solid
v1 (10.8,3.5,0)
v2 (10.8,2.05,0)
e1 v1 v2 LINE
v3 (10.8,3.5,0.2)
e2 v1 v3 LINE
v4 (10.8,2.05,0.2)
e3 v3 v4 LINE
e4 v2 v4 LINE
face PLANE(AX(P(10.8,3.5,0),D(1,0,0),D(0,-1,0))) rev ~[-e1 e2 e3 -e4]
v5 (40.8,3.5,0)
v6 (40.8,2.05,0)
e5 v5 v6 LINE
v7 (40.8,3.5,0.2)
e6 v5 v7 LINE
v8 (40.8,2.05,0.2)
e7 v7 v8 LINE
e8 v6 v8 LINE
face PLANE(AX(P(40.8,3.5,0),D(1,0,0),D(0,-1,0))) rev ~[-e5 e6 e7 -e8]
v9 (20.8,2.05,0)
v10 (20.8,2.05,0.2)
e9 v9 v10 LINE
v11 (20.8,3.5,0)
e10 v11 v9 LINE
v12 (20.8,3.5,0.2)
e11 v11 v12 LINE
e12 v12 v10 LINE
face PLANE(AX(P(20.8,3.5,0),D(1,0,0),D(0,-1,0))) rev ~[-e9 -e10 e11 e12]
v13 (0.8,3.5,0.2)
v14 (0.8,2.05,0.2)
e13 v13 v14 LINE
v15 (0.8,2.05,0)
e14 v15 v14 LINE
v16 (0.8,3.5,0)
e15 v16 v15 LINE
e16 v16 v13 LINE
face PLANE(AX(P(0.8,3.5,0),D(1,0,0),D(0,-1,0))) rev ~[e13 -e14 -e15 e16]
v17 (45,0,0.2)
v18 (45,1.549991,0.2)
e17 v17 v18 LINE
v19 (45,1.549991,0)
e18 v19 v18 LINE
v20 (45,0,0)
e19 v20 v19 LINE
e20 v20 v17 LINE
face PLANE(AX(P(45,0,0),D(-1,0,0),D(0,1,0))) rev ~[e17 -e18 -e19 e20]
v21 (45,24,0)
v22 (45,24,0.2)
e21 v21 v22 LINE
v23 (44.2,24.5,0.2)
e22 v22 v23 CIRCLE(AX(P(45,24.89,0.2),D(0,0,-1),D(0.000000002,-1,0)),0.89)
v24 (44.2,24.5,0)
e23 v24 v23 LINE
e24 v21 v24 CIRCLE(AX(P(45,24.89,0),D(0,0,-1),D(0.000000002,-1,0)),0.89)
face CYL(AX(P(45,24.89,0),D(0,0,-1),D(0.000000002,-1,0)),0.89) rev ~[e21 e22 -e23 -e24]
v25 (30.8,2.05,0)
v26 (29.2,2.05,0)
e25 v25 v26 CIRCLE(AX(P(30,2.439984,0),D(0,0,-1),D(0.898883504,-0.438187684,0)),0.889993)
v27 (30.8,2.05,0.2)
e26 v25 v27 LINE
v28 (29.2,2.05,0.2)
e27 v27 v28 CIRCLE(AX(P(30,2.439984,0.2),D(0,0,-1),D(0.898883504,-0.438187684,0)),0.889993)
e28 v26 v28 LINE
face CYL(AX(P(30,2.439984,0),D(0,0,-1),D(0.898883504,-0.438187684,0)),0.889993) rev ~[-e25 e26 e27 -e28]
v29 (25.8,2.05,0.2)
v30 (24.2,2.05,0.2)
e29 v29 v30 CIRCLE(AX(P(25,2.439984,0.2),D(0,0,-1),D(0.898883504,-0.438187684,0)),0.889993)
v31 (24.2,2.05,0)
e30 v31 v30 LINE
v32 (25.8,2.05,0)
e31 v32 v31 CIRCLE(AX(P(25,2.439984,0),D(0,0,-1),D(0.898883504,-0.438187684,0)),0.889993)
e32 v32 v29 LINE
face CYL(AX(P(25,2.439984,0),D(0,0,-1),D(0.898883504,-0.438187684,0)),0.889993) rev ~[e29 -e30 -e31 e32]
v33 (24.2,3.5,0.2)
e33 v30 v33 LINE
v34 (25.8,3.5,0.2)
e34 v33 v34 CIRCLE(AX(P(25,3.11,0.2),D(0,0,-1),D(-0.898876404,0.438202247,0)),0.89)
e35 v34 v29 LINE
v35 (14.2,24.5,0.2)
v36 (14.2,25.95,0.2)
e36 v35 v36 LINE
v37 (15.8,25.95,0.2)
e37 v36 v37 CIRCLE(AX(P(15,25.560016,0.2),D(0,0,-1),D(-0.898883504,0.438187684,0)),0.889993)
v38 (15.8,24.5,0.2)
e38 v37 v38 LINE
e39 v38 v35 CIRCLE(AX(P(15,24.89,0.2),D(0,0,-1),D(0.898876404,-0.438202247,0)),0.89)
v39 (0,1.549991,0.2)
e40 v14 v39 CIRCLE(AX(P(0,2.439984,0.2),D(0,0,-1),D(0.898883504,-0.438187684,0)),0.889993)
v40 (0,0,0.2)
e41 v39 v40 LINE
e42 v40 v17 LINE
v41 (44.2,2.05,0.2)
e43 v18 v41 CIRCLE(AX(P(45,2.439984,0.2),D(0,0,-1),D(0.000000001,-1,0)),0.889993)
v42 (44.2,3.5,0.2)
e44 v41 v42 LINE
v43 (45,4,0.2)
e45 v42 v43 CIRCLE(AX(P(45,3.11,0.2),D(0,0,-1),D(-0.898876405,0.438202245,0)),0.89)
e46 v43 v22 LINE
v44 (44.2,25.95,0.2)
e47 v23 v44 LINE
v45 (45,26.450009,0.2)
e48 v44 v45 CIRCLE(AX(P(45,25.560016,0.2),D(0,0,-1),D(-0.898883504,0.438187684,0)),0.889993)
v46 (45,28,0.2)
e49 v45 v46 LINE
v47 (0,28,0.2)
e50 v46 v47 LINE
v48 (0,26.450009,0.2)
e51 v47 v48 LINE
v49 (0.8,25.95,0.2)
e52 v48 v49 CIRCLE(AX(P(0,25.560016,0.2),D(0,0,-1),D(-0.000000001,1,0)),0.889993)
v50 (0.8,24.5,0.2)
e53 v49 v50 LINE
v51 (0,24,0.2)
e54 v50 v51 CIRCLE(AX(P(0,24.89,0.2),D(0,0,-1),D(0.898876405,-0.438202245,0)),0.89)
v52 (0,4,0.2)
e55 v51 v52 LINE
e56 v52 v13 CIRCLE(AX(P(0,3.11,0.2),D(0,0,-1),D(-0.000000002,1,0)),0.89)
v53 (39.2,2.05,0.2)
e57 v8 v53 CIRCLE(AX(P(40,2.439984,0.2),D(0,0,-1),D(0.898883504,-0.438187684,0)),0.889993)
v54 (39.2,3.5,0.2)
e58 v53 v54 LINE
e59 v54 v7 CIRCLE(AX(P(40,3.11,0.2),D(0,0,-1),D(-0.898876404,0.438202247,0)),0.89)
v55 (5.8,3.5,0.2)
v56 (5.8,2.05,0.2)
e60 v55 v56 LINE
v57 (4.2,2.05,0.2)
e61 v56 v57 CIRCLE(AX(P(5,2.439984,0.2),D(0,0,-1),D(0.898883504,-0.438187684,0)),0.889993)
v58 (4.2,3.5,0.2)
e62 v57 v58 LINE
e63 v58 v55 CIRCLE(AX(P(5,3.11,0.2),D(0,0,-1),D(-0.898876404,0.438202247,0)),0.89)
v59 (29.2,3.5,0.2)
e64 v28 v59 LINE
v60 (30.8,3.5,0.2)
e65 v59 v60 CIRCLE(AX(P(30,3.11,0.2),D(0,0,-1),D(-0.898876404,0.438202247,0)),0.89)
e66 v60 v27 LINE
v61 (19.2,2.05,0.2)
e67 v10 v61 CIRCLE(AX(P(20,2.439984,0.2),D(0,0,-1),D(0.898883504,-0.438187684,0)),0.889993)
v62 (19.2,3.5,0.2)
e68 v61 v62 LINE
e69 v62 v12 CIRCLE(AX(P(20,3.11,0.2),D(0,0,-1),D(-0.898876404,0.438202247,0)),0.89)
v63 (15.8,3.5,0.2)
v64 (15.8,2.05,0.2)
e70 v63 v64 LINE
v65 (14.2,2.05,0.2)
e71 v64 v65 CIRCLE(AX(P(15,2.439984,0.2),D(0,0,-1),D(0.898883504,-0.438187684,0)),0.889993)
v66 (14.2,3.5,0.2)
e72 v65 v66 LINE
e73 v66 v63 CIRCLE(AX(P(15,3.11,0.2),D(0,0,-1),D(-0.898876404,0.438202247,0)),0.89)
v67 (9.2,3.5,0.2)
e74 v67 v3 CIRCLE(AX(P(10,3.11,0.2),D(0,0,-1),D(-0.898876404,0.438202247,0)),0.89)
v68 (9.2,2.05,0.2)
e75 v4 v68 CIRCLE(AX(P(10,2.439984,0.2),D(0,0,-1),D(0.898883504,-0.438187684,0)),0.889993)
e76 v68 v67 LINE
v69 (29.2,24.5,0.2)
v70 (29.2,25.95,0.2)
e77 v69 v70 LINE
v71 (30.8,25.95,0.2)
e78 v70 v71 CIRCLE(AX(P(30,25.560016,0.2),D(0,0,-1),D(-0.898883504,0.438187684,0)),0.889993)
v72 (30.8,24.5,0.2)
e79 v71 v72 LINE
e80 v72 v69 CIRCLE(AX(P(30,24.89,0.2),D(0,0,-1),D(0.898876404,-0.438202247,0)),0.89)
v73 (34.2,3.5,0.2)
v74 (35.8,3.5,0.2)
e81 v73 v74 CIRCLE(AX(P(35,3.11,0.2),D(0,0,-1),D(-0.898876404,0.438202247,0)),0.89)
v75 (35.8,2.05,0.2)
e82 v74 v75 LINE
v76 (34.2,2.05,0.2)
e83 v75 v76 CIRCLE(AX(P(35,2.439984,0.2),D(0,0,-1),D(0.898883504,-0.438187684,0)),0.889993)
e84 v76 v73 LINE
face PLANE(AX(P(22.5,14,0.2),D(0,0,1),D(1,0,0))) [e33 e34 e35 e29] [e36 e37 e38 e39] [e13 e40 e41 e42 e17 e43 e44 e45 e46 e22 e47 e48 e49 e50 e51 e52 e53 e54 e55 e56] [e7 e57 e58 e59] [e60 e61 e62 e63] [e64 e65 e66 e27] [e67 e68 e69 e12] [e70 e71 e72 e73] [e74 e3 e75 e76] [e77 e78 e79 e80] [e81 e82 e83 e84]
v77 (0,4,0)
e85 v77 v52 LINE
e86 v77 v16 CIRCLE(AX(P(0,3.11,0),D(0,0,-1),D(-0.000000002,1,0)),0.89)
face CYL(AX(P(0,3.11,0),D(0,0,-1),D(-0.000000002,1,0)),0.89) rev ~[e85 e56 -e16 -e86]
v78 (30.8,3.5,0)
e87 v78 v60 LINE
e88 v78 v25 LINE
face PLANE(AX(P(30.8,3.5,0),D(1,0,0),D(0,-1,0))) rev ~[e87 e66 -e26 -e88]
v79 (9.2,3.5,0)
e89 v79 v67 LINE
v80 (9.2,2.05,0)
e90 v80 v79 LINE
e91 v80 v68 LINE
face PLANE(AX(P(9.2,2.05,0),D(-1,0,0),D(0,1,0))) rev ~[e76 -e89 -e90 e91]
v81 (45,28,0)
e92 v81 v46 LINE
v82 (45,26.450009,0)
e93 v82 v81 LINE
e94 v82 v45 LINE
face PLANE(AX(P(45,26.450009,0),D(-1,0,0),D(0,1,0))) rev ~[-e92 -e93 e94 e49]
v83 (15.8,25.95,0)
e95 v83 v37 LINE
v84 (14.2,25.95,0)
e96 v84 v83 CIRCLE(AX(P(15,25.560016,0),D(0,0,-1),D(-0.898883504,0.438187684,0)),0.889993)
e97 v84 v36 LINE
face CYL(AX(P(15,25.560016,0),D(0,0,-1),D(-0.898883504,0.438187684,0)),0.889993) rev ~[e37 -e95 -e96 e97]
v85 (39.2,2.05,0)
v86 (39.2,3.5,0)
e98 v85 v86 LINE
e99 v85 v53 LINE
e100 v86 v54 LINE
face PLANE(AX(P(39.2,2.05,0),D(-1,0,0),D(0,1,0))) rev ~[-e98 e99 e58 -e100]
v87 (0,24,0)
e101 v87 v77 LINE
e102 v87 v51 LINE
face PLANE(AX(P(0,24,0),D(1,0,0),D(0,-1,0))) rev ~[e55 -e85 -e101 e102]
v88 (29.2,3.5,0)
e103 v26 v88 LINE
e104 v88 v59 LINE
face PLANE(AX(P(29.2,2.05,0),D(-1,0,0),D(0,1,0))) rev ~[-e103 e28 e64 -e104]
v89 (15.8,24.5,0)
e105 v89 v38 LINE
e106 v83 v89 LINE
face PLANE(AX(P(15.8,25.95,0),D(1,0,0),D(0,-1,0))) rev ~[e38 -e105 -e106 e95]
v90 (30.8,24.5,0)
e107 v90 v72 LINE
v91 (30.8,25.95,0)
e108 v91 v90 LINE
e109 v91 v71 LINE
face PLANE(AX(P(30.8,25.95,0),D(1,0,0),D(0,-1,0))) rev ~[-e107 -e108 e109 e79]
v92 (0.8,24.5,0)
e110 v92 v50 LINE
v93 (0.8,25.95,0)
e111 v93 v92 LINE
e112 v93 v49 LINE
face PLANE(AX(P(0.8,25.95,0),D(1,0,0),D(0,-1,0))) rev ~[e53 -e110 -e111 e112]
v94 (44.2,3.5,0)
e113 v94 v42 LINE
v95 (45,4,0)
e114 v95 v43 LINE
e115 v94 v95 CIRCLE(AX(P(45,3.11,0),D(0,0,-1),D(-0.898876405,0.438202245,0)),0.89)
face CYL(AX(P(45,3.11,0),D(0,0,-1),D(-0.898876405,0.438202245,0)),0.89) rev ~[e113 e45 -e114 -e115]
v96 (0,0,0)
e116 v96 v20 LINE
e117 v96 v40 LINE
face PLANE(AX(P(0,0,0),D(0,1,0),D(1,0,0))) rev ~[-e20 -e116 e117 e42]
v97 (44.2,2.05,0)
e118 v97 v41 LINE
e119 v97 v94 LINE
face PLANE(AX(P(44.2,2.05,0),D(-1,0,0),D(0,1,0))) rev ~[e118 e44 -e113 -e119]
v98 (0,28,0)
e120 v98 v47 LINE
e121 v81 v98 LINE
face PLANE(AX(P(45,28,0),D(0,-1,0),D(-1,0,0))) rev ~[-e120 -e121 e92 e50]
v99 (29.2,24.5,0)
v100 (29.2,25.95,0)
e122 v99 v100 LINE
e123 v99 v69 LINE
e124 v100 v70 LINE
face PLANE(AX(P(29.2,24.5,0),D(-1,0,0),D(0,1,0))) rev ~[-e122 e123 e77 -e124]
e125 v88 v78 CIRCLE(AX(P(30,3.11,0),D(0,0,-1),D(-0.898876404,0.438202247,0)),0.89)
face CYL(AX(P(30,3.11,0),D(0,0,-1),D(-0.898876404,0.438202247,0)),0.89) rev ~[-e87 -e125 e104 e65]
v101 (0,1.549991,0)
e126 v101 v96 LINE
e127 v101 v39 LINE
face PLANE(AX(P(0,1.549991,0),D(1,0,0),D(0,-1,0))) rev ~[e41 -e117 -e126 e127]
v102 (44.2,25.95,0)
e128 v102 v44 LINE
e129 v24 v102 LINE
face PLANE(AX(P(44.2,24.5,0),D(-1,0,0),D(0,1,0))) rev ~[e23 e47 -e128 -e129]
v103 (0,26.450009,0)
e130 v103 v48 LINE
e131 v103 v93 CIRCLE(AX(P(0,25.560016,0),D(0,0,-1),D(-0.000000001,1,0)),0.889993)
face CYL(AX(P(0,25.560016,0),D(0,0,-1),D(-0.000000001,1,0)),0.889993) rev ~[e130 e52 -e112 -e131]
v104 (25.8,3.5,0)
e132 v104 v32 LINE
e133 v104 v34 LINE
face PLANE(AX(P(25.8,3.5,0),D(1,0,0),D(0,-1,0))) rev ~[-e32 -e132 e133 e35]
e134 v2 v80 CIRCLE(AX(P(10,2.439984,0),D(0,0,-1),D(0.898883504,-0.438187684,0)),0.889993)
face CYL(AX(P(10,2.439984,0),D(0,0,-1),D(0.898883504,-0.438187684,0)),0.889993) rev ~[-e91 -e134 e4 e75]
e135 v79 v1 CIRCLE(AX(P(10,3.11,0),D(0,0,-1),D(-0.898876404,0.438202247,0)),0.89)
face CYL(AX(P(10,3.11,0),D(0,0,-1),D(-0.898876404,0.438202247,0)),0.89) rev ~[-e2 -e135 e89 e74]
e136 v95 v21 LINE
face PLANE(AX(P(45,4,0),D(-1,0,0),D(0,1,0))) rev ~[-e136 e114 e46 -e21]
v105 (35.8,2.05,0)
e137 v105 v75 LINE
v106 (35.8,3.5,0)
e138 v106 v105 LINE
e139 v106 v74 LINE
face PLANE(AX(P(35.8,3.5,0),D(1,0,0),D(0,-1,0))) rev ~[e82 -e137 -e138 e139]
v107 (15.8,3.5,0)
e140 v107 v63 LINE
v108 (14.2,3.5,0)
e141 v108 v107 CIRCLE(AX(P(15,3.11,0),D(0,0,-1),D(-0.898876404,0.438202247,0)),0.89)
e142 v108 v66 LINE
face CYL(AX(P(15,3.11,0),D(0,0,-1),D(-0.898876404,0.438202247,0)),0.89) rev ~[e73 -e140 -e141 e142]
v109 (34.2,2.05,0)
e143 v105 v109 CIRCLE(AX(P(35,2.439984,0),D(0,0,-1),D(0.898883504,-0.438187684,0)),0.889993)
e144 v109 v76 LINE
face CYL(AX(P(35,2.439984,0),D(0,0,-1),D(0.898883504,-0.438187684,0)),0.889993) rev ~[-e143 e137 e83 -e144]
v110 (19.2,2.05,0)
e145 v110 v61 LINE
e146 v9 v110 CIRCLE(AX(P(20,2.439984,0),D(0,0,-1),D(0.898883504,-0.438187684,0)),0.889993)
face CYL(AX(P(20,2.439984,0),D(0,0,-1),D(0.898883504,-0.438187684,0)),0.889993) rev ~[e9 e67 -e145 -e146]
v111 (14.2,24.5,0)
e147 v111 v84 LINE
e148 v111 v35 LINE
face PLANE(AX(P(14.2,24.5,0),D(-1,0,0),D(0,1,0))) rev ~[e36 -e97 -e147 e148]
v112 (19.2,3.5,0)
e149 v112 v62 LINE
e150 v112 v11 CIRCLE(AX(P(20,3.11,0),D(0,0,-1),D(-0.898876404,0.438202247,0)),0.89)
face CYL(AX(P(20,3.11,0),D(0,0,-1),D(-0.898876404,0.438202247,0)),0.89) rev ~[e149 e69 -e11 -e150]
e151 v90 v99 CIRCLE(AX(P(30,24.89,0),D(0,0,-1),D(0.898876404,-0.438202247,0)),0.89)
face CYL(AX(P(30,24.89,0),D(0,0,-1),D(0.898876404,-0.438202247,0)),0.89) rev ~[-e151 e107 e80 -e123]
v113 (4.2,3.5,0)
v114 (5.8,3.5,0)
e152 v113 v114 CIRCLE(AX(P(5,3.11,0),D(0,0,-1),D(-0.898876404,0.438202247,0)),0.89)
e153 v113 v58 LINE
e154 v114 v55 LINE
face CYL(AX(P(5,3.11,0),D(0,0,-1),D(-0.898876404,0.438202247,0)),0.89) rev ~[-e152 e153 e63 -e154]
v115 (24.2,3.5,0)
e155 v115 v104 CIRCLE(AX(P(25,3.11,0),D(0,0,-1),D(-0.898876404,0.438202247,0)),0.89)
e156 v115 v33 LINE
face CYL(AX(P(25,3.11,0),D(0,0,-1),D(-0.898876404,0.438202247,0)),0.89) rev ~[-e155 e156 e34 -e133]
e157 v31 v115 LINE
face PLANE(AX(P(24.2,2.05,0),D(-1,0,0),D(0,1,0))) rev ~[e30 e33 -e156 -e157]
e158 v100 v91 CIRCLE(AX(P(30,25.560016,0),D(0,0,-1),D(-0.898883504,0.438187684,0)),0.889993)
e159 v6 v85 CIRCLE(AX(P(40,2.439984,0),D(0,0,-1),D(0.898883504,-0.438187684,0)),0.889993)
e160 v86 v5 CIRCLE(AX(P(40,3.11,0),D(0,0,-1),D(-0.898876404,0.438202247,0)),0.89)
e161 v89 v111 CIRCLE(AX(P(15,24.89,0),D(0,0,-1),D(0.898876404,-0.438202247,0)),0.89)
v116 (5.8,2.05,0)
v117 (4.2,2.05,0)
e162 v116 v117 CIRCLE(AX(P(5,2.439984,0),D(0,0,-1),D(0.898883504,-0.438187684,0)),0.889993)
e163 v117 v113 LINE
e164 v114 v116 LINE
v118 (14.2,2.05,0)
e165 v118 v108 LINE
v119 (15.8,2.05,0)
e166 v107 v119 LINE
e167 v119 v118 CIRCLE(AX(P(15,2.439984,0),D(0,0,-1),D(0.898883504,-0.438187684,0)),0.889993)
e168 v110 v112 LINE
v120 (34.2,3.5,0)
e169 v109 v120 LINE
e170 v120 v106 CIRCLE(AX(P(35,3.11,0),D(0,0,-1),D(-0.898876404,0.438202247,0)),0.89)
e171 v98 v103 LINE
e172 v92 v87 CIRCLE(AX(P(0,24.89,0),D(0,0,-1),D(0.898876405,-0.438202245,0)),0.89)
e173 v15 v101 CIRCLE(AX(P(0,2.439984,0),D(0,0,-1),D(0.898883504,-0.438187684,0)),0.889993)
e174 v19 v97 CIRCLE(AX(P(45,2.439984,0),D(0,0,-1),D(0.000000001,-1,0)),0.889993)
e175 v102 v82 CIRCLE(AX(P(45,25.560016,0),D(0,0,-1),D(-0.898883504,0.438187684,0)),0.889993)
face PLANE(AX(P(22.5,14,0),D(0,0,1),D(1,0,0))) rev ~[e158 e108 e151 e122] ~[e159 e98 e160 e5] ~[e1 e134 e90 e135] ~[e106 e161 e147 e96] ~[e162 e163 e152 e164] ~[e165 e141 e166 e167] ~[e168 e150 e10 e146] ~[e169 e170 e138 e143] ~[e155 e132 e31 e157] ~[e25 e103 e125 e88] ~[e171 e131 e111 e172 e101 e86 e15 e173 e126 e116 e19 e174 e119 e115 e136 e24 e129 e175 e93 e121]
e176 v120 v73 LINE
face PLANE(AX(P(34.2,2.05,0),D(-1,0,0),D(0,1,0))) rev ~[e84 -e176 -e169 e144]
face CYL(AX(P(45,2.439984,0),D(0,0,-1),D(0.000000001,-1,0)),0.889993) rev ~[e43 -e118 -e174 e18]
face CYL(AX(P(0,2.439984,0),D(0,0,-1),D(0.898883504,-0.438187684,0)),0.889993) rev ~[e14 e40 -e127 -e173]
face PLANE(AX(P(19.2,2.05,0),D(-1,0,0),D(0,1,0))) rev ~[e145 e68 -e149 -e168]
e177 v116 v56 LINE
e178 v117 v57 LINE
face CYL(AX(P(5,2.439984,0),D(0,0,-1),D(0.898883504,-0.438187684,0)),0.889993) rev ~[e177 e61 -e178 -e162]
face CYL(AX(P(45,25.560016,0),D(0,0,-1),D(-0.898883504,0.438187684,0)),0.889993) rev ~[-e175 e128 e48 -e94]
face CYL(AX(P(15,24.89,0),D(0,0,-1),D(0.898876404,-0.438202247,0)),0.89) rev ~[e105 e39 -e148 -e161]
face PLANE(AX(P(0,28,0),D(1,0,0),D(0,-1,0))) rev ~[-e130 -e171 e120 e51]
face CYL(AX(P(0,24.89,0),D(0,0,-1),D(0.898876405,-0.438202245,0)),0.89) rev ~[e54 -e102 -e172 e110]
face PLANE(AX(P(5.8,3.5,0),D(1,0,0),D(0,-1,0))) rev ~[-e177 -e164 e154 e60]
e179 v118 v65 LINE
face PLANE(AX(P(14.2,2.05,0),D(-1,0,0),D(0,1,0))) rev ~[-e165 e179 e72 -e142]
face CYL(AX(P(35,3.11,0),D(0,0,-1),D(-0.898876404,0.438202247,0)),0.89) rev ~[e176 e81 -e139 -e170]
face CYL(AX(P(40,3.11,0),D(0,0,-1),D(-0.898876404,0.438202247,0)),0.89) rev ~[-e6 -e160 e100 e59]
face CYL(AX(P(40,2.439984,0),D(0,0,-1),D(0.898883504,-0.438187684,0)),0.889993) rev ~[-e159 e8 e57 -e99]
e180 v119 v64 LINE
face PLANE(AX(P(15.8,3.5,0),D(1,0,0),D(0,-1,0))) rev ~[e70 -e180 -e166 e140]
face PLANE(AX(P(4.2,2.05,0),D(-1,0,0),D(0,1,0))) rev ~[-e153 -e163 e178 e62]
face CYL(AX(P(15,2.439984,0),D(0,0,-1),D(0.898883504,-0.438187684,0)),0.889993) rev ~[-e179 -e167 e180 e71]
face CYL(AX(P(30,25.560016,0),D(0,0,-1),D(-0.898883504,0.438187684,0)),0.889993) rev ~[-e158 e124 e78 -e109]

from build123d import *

# Parameters (mm, degrees)
BOSS_EXTRUDE1_DEPTH = 0.2


with BuildPart() as part:
    # Sketch1 → Boss-Extrude1 (new body)
    with BuildSketch(Plane.XY):
        with BuildLine():
            Line((45, 4), (45, 24))
            ThreePointArc((45, 24), (44.528300943, 24.135281509), (44.2, 24.5))
            Line((44.2, 24.5), (44.2, 25.95))
            ThreePointArc((44.2, 25.95), (44.528298555, 26.31472475), (45, 26.450009012))
            Line((45, 26.450009012), (45, 28))
            Line((45, 28), (0, 28))
            Line((0, 28), (0, 26.450009012))
            ThreePointArc((0, 26.450009012), (0.471701445, 26.31472475), (0.8, 25.95))
            Line((0.8, 25.95), (0.8, 24.5))
            ThreePointArc((0.8, 24.5), (0.471699057, 24.135281509), (0, 24))
            Line((0, 24), (0, 4))
            ThreePointArc((0, 4), (0.471699057, 3.864718491), (0.8, 3.5))
            Line((0.8, 3.5), (0.8, 2.05))
            ThreePointArc((0.8, 2.05), (0.471701445, 1.68527525), (0, 1.549990988))
            Line((0, 1.549990988), (0, 0))
            Line((0, 0), (45, 0))
            Line((45, 0), (45, 1.549990988))
            ThreePointArc((45, 1.549990988), (44.528298555, 1.68527525), (44.2, 2.05))
            Line((44.2, 2.05), (44.2, 3.5))
            ThreePointArc((44.2, 3.5), (44.528300943, 3.864718491), (45, 4))
        make_face()
        with BuildLine():
            ThreePointArc((30.8, 24.5), (30, 24), (29.2, 24.5))
            Line((29.2, 24.5), (29.2, 25.95))
            ThreePointArc((29.2, 25.95), (30, 26.450009012), (30.8, 25.95))
            Line((30.8, 25.95), (30.8, 24.5))
        make_face(mode=Mode.SUBTRACT)
        with BuildLine():
            Line((14.2, 24.5), (14.2, 25.95))
            ThreePointArc((14.2, 25.95), (15, 26.450009012), (15.8, 25.95))
            Line((15.8, 25.95), (15.8, 24.5))
            ThreePointArc((15.8, 24.5), (15, 24), (14.2, 24.5))
        make_face(mode=Mode.SUBTRACT)
        with BuildLine():
            Line((34.2, 2.05), (34.2, 3.5))
            ThreePointArc((34.2, 3.5), (35, 4), (35.8, 3.5))
            Line((35.8, 3.5), (35.8, 2.05))
            ThreePointArc((35.8, 2.05), (35, 1.549990988), (34.2, 2.05))
        make_face(mode=Mode.SUBTRACT)
        with BuildLine():
            Line((30.8, 3.5), (30.8, 2.05))
            ThreePointArc((30.8, 2.05), (30, 1.549990988), (29.2, 2.05))
            Line((29.2, 2.05), (29.2, 3.5))
            ThreePointArc((29.2, 3.5), (30, 4), (30.8, 3.5))
        make_face(mode=Mode.SUBTRACT)
        with BuildLine():
            ThreePointArc((4.2, 3.5), (5, 4), (5.8, 3.5))
            Line((5.8, 3.5), (5.8, 2.05))
            ThreePointArc((5.8, 2.05), (5, 1.549990988), (4.2, 2.05))
            Line((4.2, 2.05), (4.2, 3.5))
        make_face(mode=Mode.SUBTRACT)
        with BuildLine():
            ThreePointArc((9.2, 3.5), (10, 4), (10.8, 3.5))
            Line((10.8, 3.5), (10.8, 2.05))
            ThreePointArc((10.8, 2.05), (10, 1.549990988), (9.2, 2.05))
            Line((9.2, 2.05), (9.2, 3.5))
        make_face(mode=Mode.SUBTRACT)
        with BuildLine():
            ThreePointArc((14.2, 3.5), (15, 4), (15.8, 3.5))
            Line((15.8, 3.5), (15.8, 2.05))
            ThreePointArc((15.8, 2.05), (15, 1.549990988), (14.2, 2.05))
            Line((14.2, 2.05), (14.2, 3.5))
        make_face(mode=Mode.SUBTRACT)
        with BuildLine():
            ThreePointArc((19.2, 3.5), (20, 4), (20.8, 3.5))
            Line((20.8, 3.5), (20.8, 2.05))
            ThreePointArc((20.8, 2.05), (20, 1.549990988), (19.2, 2.05))
            Line((19.2, 2.05), (19.2, 3.5))
        make_face(mode=Mode.SUBTRACT)
        with BuildLine():
            ThreePointArc((24.2, 3.5), (25, 4), (25.8, 3.5))
            Line((25.8, 3.5), (25.8, 2.05))
            ThreePointArc((25.8, 2.05), (25, 1.549990988), (24.2, 2.05))
            Line((24.2, 2.05), (24.2, 3.5))
        make_face(mode=Mode.SUBTRACT)
        with BuildLine():
            ThreePointArc((39.2, 3.5), (40, 4), (40.8, 3.5))
            Line((40.8, 3.5), (40.8, 2.05))
            ThreePointArc((40.8, 2.05), (40, 1.549990988), (39.2, 2.05))
            Line((39.2, 2.05), (39.2, 3.5))
        make_face(mode=Mode.SUBTRACT)
    extrude(amount=BOSS_EXTRUDE1_DEPTH)


solid = part.part
